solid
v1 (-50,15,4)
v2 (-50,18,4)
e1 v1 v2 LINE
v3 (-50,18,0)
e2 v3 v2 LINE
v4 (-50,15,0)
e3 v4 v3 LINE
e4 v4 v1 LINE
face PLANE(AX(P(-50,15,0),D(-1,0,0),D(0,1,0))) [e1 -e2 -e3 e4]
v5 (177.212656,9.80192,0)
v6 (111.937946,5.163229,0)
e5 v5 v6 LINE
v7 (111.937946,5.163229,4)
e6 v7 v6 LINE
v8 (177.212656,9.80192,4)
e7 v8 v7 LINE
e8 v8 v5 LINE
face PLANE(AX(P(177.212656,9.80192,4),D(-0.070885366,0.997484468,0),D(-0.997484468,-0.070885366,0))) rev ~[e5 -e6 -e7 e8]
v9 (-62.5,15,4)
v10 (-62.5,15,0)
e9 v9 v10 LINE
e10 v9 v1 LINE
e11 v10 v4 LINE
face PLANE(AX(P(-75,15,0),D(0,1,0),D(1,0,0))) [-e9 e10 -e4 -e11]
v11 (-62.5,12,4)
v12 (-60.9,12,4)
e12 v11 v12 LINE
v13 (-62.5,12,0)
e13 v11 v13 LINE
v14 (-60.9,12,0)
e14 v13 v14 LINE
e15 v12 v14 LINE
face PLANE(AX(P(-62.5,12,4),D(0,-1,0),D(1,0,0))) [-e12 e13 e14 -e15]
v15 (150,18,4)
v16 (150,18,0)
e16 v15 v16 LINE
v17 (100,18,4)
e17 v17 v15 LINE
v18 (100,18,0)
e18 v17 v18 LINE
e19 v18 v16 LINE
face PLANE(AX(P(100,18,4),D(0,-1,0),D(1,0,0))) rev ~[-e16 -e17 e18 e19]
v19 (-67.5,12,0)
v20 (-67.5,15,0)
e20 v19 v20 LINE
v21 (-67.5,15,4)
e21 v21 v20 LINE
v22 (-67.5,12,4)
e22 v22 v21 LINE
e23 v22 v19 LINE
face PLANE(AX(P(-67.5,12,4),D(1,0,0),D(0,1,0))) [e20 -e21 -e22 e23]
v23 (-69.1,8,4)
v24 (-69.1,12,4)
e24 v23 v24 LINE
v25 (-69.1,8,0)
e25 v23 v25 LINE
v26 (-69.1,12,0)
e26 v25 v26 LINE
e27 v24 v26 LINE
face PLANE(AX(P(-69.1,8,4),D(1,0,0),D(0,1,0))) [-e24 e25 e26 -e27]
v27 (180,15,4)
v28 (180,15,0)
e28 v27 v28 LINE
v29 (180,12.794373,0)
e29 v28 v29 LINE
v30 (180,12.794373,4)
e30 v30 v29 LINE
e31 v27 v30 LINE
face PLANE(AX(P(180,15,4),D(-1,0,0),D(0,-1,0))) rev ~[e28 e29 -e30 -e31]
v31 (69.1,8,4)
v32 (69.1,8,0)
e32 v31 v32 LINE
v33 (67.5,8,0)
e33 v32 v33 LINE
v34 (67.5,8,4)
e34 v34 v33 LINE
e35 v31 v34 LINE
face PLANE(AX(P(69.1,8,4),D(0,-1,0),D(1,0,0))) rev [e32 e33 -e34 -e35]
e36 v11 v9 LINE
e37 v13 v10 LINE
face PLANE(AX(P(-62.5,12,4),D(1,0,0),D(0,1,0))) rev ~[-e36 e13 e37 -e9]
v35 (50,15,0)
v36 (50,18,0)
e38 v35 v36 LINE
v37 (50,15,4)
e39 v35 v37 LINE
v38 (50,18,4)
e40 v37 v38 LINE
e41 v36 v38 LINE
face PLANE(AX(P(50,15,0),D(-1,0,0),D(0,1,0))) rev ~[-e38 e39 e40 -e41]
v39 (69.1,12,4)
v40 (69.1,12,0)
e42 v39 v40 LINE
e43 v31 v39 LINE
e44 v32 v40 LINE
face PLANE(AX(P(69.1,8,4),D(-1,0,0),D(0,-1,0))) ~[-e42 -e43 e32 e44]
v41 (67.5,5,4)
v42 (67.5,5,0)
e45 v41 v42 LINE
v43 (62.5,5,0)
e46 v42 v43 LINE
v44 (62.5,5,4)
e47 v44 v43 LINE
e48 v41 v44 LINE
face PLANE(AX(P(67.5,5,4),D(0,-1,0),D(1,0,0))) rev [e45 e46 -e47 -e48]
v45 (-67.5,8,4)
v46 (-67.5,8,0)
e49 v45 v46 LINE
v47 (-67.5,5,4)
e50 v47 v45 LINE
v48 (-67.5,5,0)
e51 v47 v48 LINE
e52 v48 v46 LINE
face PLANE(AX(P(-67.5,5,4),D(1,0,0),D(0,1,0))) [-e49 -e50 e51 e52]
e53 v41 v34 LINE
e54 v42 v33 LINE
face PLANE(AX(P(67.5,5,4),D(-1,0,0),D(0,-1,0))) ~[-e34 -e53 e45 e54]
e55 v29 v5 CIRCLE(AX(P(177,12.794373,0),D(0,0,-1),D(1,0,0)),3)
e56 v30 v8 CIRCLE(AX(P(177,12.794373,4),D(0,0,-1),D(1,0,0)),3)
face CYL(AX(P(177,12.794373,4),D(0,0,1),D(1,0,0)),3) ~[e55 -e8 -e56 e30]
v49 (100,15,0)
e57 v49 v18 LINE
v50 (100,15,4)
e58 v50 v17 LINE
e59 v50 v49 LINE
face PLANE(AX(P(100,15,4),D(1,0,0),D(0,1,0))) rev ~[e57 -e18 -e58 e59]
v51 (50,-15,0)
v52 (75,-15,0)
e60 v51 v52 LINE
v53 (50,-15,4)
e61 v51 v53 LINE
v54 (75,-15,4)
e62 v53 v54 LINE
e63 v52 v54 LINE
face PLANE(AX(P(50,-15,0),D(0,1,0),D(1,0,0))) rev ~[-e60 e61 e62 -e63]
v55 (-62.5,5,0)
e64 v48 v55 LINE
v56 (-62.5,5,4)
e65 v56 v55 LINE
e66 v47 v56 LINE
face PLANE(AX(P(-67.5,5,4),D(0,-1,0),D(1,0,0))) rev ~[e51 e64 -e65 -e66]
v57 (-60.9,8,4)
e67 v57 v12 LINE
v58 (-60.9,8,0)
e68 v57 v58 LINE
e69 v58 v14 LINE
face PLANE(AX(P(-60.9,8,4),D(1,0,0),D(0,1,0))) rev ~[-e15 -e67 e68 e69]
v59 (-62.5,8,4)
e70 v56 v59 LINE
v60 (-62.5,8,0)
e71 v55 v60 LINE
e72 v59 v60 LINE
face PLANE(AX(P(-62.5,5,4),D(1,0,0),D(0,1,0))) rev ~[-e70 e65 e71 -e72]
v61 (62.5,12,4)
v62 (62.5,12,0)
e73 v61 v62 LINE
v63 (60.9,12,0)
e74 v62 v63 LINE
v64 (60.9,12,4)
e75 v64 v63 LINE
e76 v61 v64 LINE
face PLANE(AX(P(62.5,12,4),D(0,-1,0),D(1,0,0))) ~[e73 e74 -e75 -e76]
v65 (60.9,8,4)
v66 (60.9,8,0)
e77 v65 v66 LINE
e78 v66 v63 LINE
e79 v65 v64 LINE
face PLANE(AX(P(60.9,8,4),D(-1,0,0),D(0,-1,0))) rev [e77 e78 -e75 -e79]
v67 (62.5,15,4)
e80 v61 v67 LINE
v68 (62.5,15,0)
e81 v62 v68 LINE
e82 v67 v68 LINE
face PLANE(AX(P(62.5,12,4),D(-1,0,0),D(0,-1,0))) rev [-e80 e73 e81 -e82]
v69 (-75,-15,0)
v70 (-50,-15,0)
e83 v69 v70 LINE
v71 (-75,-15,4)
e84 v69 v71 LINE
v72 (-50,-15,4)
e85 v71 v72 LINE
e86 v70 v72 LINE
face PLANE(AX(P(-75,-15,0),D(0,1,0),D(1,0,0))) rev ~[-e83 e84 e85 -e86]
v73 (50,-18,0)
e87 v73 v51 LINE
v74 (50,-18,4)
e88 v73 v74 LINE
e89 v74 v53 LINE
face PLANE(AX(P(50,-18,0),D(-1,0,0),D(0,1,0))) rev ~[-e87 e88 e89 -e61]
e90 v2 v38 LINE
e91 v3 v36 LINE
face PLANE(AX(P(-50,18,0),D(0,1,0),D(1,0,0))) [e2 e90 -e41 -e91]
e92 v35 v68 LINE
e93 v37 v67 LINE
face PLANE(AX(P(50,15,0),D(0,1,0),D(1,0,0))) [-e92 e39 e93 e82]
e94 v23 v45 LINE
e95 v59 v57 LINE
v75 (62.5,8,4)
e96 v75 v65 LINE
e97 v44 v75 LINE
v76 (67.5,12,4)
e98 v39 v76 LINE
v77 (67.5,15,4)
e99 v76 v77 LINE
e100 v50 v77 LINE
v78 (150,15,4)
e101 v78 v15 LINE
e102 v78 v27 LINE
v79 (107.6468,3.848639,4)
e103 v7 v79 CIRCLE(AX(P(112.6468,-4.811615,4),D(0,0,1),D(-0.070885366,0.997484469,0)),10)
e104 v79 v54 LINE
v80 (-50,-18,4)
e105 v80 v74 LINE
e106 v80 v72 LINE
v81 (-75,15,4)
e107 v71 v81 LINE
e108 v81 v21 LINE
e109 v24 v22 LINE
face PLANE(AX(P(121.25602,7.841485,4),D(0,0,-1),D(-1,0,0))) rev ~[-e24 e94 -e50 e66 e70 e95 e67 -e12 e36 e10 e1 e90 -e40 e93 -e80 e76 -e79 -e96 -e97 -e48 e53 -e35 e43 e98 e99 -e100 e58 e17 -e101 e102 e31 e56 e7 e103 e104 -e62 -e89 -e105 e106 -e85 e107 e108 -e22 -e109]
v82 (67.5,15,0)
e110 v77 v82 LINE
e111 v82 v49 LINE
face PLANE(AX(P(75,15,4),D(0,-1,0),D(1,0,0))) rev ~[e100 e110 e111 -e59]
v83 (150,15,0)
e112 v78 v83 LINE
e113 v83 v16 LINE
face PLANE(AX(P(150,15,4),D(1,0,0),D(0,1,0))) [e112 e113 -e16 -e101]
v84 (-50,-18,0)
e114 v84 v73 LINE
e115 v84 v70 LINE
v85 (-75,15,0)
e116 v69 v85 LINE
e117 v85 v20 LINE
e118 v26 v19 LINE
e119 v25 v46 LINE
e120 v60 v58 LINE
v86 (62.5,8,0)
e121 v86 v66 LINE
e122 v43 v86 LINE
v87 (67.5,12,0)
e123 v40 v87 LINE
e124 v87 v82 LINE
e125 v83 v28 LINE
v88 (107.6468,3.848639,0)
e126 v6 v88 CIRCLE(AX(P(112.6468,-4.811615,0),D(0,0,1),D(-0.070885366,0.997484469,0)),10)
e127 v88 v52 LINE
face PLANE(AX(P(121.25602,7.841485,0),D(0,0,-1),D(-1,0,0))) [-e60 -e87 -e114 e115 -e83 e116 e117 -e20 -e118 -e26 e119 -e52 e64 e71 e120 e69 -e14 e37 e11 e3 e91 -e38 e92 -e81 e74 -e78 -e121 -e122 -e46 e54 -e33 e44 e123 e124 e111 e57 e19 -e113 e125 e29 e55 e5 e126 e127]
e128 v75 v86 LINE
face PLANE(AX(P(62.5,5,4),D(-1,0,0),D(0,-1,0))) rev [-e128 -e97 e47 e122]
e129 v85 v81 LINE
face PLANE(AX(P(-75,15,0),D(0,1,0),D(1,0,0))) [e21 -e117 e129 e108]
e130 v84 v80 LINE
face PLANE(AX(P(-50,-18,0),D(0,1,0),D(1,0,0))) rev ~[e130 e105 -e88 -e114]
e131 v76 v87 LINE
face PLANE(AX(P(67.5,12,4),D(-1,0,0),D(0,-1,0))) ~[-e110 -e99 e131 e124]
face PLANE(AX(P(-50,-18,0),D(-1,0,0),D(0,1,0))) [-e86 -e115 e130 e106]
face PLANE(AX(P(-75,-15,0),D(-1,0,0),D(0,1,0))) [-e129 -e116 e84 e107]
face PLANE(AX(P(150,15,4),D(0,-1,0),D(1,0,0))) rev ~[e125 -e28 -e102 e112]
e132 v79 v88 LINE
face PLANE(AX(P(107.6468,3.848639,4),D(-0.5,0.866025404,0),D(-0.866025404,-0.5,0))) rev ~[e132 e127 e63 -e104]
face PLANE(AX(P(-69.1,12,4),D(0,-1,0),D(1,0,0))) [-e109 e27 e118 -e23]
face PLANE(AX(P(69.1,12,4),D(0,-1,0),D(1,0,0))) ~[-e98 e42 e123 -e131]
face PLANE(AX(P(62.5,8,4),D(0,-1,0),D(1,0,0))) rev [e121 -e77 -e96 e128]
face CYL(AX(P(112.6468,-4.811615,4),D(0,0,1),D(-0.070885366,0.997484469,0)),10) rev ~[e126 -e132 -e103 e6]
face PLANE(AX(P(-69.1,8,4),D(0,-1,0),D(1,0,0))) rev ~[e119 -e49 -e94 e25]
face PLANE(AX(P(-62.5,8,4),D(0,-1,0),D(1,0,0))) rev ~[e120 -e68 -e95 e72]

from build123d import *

# Parameters (mm, degrees)
SKETCH1_W           = 150
SKETCH1_H           = 30
SKETCH1_W_2         = 100
SKETCH1_H_2         = 6
BOSS_EXTRUDE1_DEPTH = 4
SKETCH2_W           = 5
SKETCH2_H           = 20
SKETCH2_W_2         = 8.2
SKETCH2_H_2         = 4
CUT_EXTRUDE1_DEPTH  = 10
SKETCH3_W           = 50
SKETCH3_H           = 3
BOSS_EXTRUDE2_DEPTH = 4


with BuildPart() as part:
    # Sketch1 → Boss-Extrude1 (new body)
    with BuildSketch(Plane.XY):
        Rectangle(SKETCH1_W, SKETCH1_H)
        with Locations((0, -15)):
            Rectangle(SKETCH1_W_2, SKETCH1_H_2)
        with Locations((0, 15)):
            Rectangle(SKETCH1_W_2, SKETCH1_H_2)
    extrude(amount=BOSS_EXTRUDE1_DEPTH)

    # Sketch2 → Cut-Extrude1 (cut)
    with BuildSketch(Plane.XY.offset(4)):
        with Locations((-65, 15)):
            Rectangle(SKETCH2_W, SKETCH2_H)
        with Locations((-65, 10)):
            Rectangle(SKETCH2_W_2, SKETCH2_H_2)
    cut_extrude1 = extrude(amount=-CUT_EXTRUDE1_DEPTH, mode=Mode.SUBTRACT)

    # Mirror1: Cut-Extrude1 across plane
    add(cut_extrude1.mirror(Plane(origin=(0, 0, 0), x_dir=(0, 0, 1), z_dir=(1, 0, 0))), mode=Mode.SUBTRACT)

    # Sketch3 → Boss-Extrude2 (add)
    with BuildSketch(Plane.XY.offset(4)):
        with BuildLine():
            ThreePointArc((180, 12.794373235), (179.195218474, 10.749619986), (177.212656099, 9.80191983))
            Line((177.212656099, 9.80191983), (111.937946201, 5.163229336))
            ThreePointArc((111.937946201, 5.163229336), (109.717672062, 4.749776304), (107.646799864, 3.84863869))
            Line((107.646799864, 3.84863869), (75, -15))
            Line((75, -15), (75, 15))
            Line((75, 15), (180, 15))
            Line((180, 15), (180, 12.794373235))
        make_face()
        with Locations((125, 16.5)):
            Rectangle(SKETCH3_W, SKETCH3_H)
    extrude(amount=-BOSS_EXTRUDE2_DEPTH)


solid = part.part
